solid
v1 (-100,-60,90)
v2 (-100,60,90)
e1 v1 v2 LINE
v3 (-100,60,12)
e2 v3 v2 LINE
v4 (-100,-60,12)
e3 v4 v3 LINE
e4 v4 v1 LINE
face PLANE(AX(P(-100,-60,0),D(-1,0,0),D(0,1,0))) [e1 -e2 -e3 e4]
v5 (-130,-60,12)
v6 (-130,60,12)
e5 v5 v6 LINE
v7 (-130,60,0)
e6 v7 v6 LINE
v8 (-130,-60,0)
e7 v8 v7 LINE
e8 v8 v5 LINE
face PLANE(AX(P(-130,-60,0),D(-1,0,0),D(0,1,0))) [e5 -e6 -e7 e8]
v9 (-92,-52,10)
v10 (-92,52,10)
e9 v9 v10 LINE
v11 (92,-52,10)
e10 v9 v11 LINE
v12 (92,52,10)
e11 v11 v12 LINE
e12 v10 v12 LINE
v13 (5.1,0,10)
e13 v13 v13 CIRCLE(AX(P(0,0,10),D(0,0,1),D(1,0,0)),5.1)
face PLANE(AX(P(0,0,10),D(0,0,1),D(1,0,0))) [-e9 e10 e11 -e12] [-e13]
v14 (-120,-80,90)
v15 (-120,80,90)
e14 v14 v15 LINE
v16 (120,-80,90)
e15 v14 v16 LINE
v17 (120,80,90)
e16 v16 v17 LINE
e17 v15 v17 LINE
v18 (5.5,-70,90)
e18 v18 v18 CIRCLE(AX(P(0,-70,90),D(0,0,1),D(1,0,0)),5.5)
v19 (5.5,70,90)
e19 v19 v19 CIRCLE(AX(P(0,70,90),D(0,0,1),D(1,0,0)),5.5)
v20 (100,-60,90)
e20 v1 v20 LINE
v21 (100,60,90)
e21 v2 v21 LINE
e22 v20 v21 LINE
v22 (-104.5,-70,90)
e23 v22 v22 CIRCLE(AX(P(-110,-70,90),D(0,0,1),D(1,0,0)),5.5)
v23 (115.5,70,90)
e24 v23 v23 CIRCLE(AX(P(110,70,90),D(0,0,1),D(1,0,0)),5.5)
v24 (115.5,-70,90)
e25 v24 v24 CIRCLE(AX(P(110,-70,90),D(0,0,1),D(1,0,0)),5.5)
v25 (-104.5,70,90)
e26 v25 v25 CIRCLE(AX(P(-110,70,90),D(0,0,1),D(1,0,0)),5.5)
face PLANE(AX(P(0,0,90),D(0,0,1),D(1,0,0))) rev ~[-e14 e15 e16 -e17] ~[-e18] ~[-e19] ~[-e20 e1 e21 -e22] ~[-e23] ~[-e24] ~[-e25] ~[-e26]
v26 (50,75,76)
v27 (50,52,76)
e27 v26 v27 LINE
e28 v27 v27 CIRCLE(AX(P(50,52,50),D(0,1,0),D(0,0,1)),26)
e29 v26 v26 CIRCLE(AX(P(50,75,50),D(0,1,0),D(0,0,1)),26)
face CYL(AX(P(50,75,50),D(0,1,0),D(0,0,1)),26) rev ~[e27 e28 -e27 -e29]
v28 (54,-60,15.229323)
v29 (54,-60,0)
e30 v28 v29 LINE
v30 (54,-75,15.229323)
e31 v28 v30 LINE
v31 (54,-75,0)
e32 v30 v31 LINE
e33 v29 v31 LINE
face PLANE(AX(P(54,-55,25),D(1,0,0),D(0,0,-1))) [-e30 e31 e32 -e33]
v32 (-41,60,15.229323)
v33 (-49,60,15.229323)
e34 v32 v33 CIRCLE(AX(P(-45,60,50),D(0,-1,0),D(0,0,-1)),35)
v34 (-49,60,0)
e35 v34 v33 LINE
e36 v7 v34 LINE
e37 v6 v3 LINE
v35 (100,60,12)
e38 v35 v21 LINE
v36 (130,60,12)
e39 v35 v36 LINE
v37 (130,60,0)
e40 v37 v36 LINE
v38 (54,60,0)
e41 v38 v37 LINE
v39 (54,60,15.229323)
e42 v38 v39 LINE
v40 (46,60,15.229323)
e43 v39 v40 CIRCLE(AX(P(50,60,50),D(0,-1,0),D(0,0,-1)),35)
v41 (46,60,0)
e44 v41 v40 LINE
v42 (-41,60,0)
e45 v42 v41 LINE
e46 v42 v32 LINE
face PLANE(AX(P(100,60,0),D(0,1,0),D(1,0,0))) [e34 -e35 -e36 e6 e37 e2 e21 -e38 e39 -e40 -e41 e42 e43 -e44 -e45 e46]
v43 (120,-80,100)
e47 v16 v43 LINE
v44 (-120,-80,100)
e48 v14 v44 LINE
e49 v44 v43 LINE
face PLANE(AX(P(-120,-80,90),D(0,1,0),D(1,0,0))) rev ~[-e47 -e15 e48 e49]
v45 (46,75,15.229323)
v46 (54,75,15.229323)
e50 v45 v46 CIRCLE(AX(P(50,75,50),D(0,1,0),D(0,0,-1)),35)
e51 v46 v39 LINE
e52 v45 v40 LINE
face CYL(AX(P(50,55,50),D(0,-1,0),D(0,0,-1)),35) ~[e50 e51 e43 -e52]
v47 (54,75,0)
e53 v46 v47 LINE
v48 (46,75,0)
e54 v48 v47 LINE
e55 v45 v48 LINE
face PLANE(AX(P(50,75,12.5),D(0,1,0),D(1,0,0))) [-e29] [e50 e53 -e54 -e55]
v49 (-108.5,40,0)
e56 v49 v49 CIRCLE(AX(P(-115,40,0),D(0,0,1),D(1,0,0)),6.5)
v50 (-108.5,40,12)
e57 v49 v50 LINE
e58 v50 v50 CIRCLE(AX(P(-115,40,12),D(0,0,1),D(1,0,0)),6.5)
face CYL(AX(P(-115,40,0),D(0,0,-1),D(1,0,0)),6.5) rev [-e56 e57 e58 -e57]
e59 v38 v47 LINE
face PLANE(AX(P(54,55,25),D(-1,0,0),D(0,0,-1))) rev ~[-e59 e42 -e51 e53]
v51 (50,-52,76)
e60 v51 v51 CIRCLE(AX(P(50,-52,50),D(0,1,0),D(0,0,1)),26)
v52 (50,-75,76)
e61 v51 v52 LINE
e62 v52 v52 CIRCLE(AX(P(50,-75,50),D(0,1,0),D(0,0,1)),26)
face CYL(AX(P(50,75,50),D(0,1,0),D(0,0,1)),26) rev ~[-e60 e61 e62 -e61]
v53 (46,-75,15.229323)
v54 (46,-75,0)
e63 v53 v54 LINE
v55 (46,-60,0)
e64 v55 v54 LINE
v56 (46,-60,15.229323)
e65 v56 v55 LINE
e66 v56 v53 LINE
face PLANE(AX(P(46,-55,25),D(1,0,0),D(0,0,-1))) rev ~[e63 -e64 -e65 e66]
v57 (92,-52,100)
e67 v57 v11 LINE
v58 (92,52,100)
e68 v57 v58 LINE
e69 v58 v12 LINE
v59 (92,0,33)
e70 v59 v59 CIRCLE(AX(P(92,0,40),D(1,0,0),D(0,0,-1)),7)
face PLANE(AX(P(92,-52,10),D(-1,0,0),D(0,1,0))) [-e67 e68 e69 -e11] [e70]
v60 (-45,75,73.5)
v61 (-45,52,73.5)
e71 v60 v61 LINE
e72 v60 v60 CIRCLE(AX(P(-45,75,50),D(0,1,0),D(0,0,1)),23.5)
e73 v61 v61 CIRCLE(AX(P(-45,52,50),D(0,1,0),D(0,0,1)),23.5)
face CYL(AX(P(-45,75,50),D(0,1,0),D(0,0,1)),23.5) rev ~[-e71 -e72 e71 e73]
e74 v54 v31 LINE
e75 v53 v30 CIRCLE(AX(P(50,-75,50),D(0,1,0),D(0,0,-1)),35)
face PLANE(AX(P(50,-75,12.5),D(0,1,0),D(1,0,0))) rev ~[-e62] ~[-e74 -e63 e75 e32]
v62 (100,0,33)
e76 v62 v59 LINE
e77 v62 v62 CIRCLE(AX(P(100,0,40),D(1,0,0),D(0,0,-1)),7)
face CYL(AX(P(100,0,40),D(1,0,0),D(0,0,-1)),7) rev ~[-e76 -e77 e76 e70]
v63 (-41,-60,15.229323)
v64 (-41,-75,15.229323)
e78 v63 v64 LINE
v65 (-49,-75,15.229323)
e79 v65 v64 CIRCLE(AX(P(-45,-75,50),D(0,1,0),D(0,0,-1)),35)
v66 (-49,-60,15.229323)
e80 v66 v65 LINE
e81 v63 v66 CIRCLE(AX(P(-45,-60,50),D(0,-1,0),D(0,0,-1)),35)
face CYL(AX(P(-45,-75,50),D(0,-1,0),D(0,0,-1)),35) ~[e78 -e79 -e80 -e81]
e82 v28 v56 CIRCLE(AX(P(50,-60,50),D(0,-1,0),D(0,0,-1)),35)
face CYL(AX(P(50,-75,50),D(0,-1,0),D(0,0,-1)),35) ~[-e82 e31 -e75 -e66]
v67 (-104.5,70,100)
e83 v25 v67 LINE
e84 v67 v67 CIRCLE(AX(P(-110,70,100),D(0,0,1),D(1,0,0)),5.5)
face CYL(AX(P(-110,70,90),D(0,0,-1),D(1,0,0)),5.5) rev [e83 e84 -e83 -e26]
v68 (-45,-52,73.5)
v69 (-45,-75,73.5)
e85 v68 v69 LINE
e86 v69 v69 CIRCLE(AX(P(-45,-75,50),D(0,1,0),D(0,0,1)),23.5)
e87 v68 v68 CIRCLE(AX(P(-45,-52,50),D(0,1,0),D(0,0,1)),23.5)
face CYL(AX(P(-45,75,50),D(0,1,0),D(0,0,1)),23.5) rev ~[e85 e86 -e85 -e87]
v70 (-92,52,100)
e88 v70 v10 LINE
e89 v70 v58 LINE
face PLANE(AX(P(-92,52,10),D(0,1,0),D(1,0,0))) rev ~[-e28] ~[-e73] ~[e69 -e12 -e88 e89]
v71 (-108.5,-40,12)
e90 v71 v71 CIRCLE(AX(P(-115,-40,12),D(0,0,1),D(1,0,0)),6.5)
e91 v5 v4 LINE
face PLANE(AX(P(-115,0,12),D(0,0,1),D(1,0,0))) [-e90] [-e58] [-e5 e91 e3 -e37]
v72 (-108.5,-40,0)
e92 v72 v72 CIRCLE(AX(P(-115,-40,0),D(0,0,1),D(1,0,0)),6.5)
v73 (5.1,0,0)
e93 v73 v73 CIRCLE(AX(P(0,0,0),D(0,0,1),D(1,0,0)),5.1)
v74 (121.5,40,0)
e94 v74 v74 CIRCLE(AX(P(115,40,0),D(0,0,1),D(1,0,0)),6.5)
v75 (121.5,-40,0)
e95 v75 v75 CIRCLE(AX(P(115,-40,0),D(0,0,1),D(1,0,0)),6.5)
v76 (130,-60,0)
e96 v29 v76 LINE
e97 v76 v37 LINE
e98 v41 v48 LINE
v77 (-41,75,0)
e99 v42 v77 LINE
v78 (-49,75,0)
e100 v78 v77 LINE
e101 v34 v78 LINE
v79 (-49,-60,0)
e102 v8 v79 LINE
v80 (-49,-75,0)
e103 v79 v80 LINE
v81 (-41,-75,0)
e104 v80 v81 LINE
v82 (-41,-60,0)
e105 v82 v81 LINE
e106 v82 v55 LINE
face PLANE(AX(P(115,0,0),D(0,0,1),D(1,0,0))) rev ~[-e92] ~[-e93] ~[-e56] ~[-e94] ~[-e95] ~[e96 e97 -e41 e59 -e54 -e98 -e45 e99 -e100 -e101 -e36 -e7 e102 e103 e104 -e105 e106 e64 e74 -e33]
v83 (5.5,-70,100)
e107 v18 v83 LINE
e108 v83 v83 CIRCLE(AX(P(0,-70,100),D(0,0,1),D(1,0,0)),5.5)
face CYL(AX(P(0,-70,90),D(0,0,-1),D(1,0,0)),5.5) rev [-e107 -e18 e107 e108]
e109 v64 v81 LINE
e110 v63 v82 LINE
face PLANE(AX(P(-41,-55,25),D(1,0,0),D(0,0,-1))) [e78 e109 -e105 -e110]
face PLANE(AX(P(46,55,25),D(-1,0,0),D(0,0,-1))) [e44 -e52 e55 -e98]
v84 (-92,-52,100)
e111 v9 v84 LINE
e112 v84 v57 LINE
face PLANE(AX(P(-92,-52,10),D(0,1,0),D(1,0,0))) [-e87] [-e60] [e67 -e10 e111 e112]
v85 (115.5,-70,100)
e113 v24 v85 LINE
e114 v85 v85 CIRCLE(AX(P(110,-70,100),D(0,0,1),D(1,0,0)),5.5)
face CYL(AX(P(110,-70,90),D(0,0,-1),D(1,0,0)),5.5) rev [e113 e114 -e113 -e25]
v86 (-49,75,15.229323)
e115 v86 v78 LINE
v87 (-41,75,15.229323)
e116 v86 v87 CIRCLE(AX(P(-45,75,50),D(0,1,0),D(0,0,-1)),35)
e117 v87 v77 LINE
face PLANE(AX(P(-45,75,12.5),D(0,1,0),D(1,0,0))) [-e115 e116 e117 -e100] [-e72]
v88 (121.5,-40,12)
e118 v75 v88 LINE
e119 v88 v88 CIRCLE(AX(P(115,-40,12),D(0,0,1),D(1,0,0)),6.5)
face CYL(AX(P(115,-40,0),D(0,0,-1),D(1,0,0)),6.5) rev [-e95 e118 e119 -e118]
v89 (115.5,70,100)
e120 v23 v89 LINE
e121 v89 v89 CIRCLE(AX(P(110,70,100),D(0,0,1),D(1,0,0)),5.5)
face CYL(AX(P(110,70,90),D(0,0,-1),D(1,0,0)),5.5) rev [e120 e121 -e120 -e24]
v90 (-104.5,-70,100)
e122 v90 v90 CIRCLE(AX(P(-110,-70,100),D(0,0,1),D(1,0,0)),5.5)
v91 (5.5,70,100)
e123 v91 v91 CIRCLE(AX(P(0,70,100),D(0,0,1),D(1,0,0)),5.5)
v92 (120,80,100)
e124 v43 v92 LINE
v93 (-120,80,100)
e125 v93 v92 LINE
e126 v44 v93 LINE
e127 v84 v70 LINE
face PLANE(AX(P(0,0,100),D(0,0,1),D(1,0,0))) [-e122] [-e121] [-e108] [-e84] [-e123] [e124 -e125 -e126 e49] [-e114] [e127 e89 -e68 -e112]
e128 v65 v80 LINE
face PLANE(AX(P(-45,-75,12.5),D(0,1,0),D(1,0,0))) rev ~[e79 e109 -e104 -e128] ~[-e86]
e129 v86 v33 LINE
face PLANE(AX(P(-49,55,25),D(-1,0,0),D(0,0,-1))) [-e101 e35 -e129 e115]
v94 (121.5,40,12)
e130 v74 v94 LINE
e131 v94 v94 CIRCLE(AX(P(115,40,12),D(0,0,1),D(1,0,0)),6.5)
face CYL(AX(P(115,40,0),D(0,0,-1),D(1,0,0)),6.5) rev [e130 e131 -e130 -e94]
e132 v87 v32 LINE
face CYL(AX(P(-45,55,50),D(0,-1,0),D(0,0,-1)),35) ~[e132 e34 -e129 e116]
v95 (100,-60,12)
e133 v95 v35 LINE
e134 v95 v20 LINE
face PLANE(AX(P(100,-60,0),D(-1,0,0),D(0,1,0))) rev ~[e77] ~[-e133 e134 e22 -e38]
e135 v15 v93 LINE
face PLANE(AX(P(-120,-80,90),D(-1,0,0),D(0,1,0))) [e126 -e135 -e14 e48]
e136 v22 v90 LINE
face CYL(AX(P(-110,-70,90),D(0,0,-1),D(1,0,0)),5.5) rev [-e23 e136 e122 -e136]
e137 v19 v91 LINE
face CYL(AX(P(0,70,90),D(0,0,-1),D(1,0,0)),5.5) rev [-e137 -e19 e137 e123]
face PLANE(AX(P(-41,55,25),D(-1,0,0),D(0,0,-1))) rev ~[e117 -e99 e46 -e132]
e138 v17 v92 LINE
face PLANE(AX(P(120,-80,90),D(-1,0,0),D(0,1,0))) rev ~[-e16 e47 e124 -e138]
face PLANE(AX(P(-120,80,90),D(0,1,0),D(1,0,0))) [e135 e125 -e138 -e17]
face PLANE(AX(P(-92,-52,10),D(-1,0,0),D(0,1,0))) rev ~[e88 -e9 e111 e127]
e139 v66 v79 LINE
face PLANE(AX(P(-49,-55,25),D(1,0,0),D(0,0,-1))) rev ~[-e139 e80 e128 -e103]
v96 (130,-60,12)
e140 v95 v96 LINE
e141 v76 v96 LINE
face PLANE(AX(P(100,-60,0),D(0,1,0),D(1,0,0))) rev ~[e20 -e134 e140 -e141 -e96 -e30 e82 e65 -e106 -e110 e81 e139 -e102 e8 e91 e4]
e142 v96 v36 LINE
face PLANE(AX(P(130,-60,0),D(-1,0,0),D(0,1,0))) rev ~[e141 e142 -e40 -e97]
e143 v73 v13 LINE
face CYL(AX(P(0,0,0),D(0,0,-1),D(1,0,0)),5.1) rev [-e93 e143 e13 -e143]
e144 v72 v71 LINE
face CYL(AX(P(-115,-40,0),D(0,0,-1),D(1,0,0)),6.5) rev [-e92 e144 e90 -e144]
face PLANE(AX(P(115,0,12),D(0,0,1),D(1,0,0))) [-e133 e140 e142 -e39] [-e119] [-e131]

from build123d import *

# Parameters (mm, degrees)
SKETCH_1_W          = 200
SKETCH_1_H          = 120
EXTRUDE_1_DEPTH     = 100
SKETCH_2_W          = 184
SKETCH_2_H          = 104
CUT_EXTRUDE_1_DEPTH = 90
SKETCH_3_R          = 35
EXTRUDE_2_DEPTH     = 20
EXTRUDE_START       = -20
SKETCH_4_R          = 35
EXTRUDE_3_DEPTH     = 20
SKETCH_5_W          = 8
SKETCH_5_H          = 25
EXTRUDE_4_DEPTH     = 20
SKETCH_6_W          = 8
SKETCH_6_H          = 25
EXTRUDE_5_DEPTH     = 20
SKETCH_7_W          = 30
SKETCH_7_H          = 120
EXTRUDE_6_DEPTH     = 12
SKETCH_8_W          = 240
SKETCH_8_H          = 160
SKETCH_8_W_2        = 184
SKETCH_8_H_2        = 104
EXTRUDE_7_DEPTH     = 10
SKETCH_9_R          = 5.5
CUT_EXTRUDE_2_DEPTH = 10
SKETCH_10_R         = 23.5
CUT_EXTRUDE_3_DEPTH = 226.665681928
SKETCH_11_R         = 26
CUT_EXTRUDE_4_DEPTH = 226.665681928
SKETCH_12_R         = 5.1
CUT_EXTRUDE_5_DEPTH = 10
SKETCH_14_R         = 6.5
CUT_EXTRUDE_7_DEPTH = 12
SKETCH_15_R         = 7
CUT_EXTRUDE_8_DEPTH = 8


with BuildPart() as part:
    # 草图1 → 凸台-拉伸1 (new body)
    with BuildSketch(Plane.XY):
        Rectangle(SKETCH_1_W, SKETCH_1_H)
    extrude(amount=EXTRUDE_1_DEPTH)

    # 草图2 → 切除-拉伸1 (cut)
    with BuildSketch(Plane.XY.offset(10)):
        Rectangle(SKETCH_2_W, SKETCH_2_H)
    extrude(amount=CUT_EXTRUDE_1_DEPTH, mode=Mode.SUBTRACT)

    # 草图3 → 凸台-拉伸2 (add)
    with BuildSketch(Plane(origin=(0, 55, 0), x_dir=(1, 0, 0), z_dir=(0, 1, 0))):
        with Locations(Location((-45, -50, 0), (0, 0, 90))):
            Circle(SKETCH_3_R)
        with Locations(Location((50, -50, 0), (0, 0, 90))):
            Circle(SKETCH_3_R)
    extrude(amount=EXTRUDE_2_DEPTH)

    # 草图4 → 凸台-拉伸3 (add)
    with BuildSketch(Plane(origin=(0, -55, 0), x_dir=(1, 0, 0), z_dir=(0, 1, 0)).offset(EXTRUDE_START)):
        with Locations(Location((-45, -50, 0), (0, 0, 90))):
            Circle(SKETCH_4_R)
        with Locations(Location((50, -50, 0), (0, 0, 90))):
            Circle(SKETCH_4_R)
    extrude(amount=EXTRUDE_3_DEPTH)

    # 草图5 → 凸台-拉伸4 (add)
    with BuildSketch(Plane(origin=(0, 55, 0), x_dir=(1, 0, 0), z_dir=(0, 1, 0))):
        with Locations((-45, -12.5)):
            Rectangle(SKETCH_5_W, SKETCH_5_H)
        with Locations((50, -12.5)):
            Rectangle(SKETCH_5_W, SKETCH_5_H)
    extrude(amount=EXTRUDE_4_DEPTH)

    # 草图6 → 凸台-拉伸5 (add)
    with BuildSketch(Plane(origin=(0, -55, 0), x_dir=(1, 0, 0), z_dir=(0, 1, 0))):
        with Locations((-45, -12.5)):
            Rectangle(SKETCH_6_W, SKETCH_6_H)
        with Locations((50, -12.5)):
            Rectangle(SKETCH_6_W, SKETCH_6_H)
    extrude(amount=-EXTRUDE_5_DEPTH)

    # 草图7 → 凸台-拉伸6 (add)
    with BuildSketch(Plane.XY):
        with Locations((115, 0)):
            Rectangle(SKETCH_7_W, SKETCH_7_H)
        with Locations((-115, 0)):
            Rectangle(SKETCH_7_W, SKETCH_7_H)
    extrude(amount=EXTRUDE_6_DEPTH)

    # 草图8 → 凸台-拉伸7 (add)
    with BuildSketch(Plane.XY.offset(90)):
        Rectangle(SKETCH_8_W, SKETCH_8_H)
        Rectangle(SKETCH_8_W_2, SKETCH_8_H_2, mode=Mode.SUBTRACT)
    extrude(amount=EXTRUDE_7_DEPTH)

    # 草图9 → 切除-拉伸2 (cut)
    with BuildSketch(Plane.XY.offset(90)):
        with Locations((-110, 70)):
            Circle(SKETCH_9_R)
        with Locations((110, 70)):
            Circle(SKETCH_9_R)
        with Locations((-110, -70)):
            Circle(SKETCH_9_R)
        with Locations((110, -70)):
            Circle(SKETCH_9_R)
        with Locations((0, 70)):
            Circle(SKETCH_9_R)
        with Locations((0, -70)):
            Circle(SKETCH_9_R)
    extrude(amount=CUT_EXTRUDE_2_DEPTH, mode=Mode.SUBTRACT)

    # 草图10 → 切除-拉伸3 (cut, through all)
    with BuildSketch(Plane(origin=(0, 75, 0), x_dir=(1, 0, 0), z_dir=(0, 1, 0))):
        with Locations(Location((-45, -50, 0), (0, 0, 270))):
            Circle(SKETCH_10_R)
    extrude(amount=-CUT_EXTRUDE_3_DEPTH, mode=Mode.SUBTRACT)

    # 草图11 → 切除-拉伸4 (cut, through all)
    with BuildSketch(Plane(origin=(0, 75, 0), x_dir=(1, 0, 0), z_dir=(0, 1, 0))):
        with Locations(Location((50, -50, 0), (0, 0, 270))):
            Circle(SKETCH_11_R)
    extrude(amount=-CUT_EXTRUDE_4_DEPTH, mode=Mode.SUBTRACT)

    # 草图12 → 切除-拉伸5 (cut)
    with BuildSketch(Plane.XY):
        Circle(SKETCH_12_R)
    extrude(amount=CUT_EXTRUDE_5_DEPTH, mode=Mode.SUBTRACT)

    # 草图14 → 切除-拉伸7 (cut)
    with BuildSketch(Plane.XY):
        with Locations((115, 40)):
            Circle(SKETCH_14_R)
        with Locations((115, -40)):
            Circle(SKETCH_14_R)
        with Locations((-115, 40)):
            Circle(SKETCH_14_R)
        with Locations((-115, -40)):
            Circle(SKETCH_14_R)
    extrude(amount=CUT_EXTRUDE_7_DEPTH, mode=Mode.SUBTRACT)

    # 草图15 → 切除-拉伸8 (cut)
    with BuildSketch(Plane(origin=(100, 0, 0), x_dir=(0, 0, -1), z_dir=(1, 0, 0))):
        with Locations((-40, 0)):
            Circle(SKETCH_15_R)
    extrude(amount=-CUT_EXTRUDE_8_DEPTH, mode=Mode.SUBTRACT)


solid = part.part
